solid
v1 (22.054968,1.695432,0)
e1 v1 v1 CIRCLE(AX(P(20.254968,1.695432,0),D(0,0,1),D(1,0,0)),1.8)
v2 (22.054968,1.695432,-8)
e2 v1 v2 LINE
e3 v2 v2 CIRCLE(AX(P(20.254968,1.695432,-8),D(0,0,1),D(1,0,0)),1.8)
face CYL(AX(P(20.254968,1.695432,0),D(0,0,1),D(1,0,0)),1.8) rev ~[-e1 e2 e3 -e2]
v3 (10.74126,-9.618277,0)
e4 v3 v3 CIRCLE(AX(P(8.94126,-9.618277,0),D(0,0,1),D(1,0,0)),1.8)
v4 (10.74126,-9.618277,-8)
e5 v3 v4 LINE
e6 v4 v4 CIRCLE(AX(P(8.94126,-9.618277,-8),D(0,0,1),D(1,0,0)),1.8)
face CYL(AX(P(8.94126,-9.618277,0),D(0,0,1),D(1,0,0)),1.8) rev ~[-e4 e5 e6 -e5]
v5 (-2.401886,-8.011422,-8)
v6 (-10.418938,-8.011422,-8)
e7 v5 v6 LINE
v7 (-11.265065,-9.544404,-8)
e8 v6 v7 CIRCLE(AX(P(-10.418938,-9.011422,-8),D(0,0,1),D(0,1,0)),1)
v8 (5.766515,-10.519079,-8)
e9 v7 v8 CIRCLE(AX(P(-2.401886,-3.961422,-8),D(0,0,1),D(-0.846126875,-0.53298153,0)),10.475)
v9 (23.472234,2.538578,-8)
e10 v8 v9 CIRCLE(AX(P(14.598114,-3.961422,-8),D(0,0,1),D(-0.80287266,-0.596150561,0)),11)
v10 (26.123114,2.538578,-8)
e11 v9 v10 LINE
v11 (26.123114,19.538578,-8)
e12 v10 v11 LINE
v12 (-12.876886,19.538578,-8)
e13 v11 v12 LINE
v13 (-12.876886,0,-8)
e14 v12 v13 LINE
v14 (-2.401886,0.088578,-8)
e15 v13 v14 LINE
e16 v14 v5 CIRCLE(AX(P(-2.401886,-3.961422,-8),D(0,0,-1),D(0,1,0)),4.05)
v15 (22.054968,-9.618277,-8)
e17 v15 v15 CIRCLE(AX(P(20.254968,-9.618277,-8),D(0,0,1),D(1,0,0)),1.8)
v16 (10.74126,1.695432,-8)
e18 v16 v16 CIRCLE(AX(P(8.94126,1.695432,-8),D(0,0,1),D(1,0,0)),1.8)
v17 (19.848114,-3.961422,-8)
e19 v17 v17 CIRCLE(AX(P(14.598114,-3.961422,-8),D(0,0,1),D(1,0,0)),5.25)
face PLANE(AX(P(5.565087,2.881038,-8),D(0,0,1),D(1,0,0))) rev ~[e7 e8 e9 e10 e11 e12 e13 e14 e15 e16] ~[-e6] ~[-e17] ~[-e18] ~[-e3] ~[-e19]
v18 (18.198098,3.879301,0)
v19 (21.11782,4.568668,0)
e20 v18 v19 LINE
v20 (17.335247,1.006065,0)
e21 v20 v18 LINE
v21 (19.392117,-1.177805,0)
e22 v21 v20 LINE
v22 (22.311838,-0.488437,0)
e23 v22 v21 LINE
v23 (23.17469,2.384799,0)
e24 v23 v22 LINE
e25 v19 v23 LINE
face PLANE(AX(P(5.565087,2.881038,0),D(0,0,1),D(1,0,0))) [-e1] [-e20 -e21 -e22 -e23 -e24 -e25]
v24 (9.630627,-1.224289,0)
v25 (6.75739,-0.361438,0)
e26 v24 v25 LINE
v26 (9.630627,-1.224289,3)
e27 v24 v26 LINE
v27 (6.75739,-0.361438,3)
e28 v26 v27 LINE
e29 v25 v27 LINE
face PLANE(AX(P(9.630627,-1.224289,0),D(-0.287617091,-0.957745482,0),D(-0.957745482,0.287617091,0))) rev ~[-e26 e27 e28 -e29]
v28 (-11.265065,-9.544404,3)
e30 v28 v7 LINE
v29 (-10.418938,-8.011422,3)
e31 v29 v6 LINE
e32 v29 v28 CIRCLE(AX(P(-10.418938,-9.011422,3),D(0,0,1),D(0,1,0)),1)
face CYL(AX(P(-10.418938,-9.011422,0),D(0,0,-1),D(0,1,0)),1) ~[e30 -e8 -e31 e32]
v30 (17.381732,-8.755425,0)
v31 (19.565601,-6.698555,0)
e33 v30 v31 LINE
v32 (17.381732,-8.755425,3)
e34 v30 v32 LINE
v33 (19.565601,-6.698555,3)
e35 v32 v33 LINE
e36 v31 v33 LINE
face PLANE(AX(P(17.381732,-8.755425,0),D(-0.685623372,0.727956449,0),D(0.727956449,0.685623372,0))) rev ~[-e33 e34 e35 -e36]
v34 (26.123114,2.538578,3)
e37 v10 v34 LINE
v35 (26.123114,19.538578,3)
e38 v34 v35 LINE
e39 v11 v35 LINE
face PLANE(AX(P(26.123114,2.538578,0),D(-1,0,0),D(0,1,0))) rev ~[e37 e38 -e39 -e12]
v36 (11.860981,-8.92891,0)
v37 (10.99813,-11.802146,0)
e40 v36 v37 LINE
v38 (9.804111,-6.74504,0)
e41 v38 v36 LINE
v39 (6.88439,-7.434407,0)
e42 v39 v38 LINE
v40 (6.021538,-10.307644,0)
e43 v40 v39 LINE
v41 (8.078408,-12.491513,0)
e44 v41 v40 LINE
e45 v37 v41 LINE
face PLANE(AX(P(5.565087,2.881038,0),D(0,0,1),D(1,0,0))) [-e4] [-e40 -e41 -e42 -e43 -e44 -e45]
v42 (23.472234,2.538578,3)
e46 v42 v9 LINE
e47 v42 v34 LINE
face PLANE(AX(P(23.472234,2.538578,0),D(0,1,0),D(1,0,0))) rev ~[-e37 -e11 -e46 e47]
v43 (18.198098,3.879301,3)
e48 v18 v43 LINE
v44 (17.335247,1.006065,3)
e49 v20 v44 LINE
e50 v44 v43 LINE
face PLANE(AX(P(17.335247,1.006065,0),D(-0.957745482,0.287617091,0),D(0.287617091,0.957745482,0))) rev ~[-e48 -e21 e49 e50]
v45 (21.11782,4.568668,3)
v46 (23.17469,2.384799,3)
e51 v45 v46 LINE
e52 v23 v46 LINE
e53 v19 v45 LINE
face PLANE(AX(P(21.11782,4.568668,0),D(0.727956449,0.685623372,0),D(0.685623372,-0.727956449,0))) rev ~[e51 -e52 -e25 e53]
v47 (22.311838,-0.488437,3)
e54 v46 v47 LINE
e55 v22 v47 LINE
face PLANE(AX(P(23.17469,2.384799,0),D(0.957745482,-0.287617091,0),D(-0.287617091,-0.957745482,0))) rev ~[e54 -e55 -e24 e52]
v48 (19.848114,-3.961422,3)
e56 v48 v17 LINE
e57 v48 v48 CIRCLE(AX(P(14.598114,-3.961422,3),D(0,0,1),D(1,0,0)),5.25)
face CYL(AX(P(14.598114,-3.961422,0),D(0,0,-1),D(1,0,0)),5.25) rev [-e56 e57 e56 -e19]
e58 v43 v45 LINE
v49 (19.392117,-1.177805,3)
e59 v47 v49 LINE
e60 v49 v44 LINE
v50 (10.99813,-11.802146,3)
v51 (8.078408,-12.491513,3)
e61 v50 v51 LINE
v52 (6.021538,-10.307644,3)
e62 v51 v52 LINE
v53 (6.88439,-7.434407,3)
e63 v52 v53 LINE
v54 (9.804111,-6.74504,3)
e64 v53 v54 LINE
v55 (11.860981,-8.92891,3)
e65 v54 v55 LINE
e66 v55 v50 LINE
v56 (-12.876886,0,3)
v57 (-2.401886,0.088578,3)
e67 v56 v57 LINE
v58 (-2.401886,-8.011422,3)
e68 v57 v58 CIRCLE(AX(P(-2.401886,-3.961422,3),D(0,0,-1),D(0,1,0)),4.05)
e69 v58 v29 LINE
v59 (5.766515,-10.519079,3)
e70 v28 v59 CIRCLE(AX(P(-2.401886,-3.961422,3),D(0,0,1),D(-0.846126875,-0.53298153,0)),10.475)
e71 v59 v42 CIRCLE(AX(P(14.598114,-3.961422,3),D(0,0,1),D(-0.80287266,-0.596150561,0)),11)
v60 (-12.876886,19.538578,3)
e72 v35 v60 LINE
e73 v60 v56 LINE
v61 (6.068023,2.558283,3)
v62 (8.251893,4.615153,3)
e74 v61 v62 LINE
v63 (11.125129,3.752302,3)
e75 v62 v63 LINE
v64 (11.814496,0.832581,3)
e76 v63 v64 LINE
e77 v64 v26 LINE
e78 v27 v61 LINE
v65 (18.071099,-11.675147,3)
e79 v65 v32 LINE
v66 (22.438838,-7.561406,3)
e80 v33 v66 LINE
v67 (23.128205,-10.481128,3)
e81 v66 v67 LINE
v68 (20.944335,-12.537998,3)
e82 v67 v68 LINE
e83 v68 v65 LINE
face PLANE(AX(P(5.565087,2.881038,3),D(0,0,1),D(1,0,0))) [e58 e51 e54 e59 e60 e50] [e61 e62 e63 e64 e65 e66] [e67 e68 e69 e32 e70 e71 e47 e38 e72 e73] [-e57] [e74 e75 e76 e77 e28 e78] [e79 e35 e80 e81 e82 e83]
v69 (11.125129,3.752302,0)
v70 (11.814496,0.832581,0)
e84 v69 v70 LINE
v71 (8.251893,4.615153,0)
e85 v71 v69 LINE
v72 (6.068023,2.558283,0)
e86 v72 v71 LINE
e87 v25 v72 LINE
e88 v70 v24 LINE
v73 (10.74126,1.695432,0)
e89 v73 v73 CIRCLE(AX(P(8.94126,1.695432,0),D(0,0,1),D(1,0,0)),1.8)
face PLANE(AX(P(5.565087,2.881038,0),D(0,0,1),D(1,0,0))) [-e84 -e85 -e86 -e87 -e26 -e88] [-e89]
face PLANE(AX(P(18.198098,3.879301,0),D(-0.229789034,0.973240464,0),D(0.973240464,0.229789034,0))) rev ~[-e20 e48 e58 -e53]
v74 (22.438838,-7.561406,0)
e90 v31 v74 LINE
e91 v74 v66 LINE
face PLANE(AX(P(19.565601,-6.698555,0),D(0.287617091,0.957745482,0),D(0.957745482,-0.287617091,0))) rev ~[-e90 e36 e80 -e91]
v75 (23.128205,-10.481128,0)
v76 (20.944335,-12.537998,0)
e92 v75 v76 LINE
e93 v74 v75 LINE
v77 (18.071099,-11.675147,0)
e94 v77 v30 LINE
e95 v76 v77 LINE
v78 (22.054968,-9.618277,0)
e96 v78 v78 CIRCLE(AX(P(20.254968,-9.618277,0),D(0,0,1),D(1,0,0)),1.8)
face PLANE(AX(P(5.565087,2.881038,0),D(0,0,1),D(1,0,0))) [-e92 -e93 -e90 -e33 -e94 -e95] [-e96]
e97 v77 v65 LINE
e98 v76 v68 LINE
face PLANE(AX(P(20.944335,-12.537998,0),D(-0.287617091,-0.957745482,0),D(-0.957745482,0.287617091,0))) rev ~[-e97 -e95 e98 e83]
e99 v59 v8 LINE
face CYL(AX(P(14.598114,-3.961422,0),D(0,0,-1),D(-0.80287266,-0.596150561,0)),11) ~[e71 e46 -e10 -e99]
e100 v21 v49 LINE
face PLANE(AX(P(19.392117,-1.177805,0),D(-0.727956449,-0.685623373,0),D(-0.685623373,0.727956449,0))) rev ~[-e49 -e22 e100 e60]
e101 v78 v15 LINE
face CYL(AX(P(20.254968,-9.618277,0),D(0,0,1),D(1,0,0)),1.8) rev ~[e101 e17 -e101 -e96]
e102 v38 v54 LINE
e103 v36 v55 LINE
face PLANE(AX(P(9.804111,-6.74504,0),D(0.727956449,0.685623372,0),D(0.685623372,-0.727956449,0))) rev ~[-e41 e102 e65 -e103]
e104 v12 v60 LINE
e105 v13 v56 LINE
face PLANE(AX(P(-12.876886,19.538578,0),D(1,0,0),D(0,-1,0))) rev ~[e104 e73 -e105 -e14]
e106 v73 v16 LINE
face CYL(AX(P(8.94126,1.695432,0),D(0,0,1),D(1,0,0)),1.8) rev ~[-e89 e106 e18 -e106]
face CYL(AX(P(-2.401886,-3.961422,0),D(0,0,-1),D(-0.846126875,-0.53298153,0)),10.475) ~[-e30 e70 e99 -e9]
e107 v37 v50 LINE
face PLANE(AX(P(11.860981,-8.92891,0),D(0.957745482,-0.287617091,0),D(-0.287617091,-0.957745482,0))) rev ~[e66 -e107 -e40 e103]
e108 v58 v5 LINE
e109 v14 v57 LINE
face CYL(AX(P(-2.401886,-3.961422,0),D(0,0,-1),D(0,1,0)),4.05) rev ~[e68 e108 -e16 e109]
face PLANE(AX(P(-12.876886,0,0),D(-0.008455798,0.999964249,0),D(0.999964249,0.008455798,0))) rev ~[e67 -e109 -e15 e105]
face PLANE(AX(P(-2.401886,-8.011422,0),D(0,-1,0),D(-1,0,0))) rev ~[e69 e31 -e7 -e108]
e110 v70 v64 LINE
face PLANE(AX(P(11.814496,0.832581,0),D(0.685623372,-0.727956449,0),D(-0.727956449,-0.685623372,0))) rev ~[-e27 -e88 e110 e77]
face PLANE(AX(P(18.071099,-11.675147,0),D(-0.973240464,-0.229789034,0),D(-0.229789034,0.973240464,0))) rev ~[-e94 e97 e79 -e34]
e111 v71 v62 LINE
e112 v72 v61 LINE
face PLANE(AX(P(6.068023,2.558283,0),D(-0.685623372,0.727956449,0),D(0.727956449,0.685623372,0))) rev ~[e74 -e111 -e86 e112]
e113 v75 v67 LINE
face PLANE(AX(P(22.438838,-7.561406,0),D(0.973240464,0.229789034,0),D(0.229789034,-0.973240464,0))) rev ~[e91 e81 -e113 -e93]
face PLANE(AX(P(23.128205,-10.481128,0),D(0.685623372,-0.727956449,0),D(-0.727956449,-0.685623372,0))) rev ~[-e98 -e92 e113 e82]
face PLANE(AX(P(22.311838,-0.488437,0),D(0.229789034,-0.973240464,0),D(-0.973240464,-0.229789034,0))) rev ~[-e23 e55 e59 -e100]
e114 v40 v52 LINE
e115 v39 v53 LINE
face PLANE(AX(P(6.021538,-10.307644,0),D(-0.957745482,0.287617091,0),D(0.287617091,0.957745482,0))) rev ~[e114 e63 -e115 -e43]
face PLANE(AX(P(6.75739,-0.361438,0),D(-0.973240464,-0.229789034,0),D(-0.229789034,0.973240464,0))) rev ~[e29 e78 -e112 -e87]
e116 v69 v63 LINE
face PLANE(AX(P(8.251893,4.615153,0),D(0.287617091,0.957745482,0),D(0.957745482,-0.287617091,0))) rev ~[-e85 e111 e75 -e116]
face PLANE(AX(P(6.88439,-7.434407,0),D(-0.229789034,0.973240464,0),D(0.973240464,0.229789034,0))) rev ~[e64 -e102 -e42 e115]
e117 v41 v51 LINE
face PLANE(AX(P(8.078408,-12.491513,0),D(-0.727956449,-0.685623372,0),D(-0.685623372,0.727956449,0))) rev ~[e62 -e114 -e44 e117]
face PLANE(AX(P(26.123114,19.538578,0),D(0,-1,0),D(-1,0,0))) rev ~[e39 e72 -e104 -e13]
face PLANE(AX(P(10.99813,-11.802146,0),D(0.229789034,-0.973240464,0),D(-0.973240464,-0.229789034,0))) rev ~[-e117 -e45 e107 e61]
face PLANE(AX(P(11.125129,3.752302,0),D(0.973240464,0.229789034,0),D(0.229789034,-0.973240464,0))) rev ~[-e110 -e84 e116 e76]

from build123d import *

# Parameters (mm, degrees)
F0_R     = 1.8
F0_R_2   = 5.25
F1_DEPTH = 8
F2_R     = 5.25
F3_DEPTH = 3


with BuildPart() as f1:
    # F0 (on Top) → F1 (new body)
    with BuildSketch(Plane.XY):
        with BuildLine():
            Line((26.1231140105, 19.538577646), (-12.8768859895, 19.538577646))
            Line((-12.8768859895, 19.538577646), (-12.8768859895, 0))
            Line((-12.8768859895, 0), (-2.4018859895, 0.088577646))
            ThreePointArc((-2.4018859895, 0.088577646), (1.6481140105, -3.961422354), (-2.4018859895, -8.011422354))
            Line((-2.4018859895, -8.011422354), (-10.4189381286, -8.011422354))
            ThreePointArc((-10.4189381286, -8.011422354), (-11.2944327118, -8.5281944214), (-11.2650650034, -9.5444038843))
            ThreePointArc((-11.2650650034, -9.5444038843), (-3.0003647918, -14.4193116307), (5.7665147457, -10.5190785227))
            ThreePointArc((5.7665147457, -10.5190785227), (21.1269767102, -12.8143287608), (23.4722336851, 2.538577646))
            Line((23.4722336851, 2.538577646), (26.1231140105, 2.538577646))
            Line((26.1231140105, 2.538577646), (26.1231140105, 19.538577646))
        make_face()
        with Locations((8.941259761, -9.6182766035)):
            Circle(F0_R, mode=Mode.SUBTRACT)
        with Locations((20.2549682599, -9.6182766035)):
            Circle(F0_R, mode=Mode.SUBTRACT)
        with Locations((14.5981140105, -3.961422354)):
            Circle(F0_R_2, mode=Mode.SUBTRACT)
        with Locations((8.941259761, 1.6954318955)):
            Circle(F0_R, mode=Mode.SUBTRACT)
        with Locations((20.2549682599, 1.6954318955)):
            Circle(F0_R, mode=Mode.SUBTRACT)
    extrude(amount=-F1_DEPTH)

    # F2 (on face) → F3 (join)
    with BuildSketch(Plane.XY):
        with BuildLine():
            Line((23.4722336851, 2.538577646), (26.1231140105, 2.538577646))
            Line((26.1231140105, 2.538577646), (26.1231140105, 19.538577646))
            Line((26.1231140105, 19.538577646), (-12.8768859895, 19.538577646))
            Line((-12.8768859895, 19.538577646), (-12.8768859895, 0))
            Line((-12.8768859895, 0), (-2.4018859895, 0.088577646))
            ThreePointArc((-2.4018859895, 0.088577646), (1.6481140105, -3.961422354), (-2.4018859895, -8.011422354))
            Line((-2.4018859895, -8.011422354), (-10.4189381286, -8.011422354))
            ThreePointArc((-10.4189381286, -8.011422354), (-11.2944327118, -8.5281944214), (-11.2650650034, -9.5444038843))
            ThreePointArc((-11.2650650034, -9.5444038843), (-3.0003647918, -14.4193116307), (5.7665147457, -10.5190785227))
            ThreePointArc((5.7665147457, -10.5190785227), (21.1269767102, -12.8143287608), (23.4722336851, 2.538577646))
        make_face()
        Polygon((10.9981298784, -11.8021459494), (8.0784084876, -12.4915130504), (6.0215383702, -10.3076437046), (6.8843896435, -7.4344072576), (9.8041110343, -6.7450401565), (11.8609811518, -8.9289095024), align=None, mode=Mode.SUBTRACT)
        Polygon((19.5656011589, -6.6985552127), (22.4388376058, -7.561406486), (23.1282047069, -10.4811278768), (20.944335361, -12.5379979943), (18.0710989141, -11.6751467209), (17.381731813, -8.7554253301), align=None, mode=Mode.SUBTRACT)
        with Locations((14.5981140105, -3.961422354)):
            Circle(F2_R, mode=Mode.SUBTRACT)
        Polygon((6.7573904151, -0.361438222), (6.068023314, 2.5582831689), (8.2518926599, 4.6151532863), (11.1251291068, 3.752302013), (11.8144962079, 0.8325806222), (9.630626862, -1.2242894953), align=None, mode=Mode.SUBTRACT)
        Polygon((18.1980981425, 3.8793012414), (21.1178195333, 4.5686683425), (23.1746896508, 2.3847989966), (22.3118383774, -0.4884374504), (19.3921169866, -1.1778045514), (17.3352468691, 1.0060647944), align=None, mode=Mode.SUBTRACT)
    extrude(amount=F3_DEPTH)


solid = f1.part
